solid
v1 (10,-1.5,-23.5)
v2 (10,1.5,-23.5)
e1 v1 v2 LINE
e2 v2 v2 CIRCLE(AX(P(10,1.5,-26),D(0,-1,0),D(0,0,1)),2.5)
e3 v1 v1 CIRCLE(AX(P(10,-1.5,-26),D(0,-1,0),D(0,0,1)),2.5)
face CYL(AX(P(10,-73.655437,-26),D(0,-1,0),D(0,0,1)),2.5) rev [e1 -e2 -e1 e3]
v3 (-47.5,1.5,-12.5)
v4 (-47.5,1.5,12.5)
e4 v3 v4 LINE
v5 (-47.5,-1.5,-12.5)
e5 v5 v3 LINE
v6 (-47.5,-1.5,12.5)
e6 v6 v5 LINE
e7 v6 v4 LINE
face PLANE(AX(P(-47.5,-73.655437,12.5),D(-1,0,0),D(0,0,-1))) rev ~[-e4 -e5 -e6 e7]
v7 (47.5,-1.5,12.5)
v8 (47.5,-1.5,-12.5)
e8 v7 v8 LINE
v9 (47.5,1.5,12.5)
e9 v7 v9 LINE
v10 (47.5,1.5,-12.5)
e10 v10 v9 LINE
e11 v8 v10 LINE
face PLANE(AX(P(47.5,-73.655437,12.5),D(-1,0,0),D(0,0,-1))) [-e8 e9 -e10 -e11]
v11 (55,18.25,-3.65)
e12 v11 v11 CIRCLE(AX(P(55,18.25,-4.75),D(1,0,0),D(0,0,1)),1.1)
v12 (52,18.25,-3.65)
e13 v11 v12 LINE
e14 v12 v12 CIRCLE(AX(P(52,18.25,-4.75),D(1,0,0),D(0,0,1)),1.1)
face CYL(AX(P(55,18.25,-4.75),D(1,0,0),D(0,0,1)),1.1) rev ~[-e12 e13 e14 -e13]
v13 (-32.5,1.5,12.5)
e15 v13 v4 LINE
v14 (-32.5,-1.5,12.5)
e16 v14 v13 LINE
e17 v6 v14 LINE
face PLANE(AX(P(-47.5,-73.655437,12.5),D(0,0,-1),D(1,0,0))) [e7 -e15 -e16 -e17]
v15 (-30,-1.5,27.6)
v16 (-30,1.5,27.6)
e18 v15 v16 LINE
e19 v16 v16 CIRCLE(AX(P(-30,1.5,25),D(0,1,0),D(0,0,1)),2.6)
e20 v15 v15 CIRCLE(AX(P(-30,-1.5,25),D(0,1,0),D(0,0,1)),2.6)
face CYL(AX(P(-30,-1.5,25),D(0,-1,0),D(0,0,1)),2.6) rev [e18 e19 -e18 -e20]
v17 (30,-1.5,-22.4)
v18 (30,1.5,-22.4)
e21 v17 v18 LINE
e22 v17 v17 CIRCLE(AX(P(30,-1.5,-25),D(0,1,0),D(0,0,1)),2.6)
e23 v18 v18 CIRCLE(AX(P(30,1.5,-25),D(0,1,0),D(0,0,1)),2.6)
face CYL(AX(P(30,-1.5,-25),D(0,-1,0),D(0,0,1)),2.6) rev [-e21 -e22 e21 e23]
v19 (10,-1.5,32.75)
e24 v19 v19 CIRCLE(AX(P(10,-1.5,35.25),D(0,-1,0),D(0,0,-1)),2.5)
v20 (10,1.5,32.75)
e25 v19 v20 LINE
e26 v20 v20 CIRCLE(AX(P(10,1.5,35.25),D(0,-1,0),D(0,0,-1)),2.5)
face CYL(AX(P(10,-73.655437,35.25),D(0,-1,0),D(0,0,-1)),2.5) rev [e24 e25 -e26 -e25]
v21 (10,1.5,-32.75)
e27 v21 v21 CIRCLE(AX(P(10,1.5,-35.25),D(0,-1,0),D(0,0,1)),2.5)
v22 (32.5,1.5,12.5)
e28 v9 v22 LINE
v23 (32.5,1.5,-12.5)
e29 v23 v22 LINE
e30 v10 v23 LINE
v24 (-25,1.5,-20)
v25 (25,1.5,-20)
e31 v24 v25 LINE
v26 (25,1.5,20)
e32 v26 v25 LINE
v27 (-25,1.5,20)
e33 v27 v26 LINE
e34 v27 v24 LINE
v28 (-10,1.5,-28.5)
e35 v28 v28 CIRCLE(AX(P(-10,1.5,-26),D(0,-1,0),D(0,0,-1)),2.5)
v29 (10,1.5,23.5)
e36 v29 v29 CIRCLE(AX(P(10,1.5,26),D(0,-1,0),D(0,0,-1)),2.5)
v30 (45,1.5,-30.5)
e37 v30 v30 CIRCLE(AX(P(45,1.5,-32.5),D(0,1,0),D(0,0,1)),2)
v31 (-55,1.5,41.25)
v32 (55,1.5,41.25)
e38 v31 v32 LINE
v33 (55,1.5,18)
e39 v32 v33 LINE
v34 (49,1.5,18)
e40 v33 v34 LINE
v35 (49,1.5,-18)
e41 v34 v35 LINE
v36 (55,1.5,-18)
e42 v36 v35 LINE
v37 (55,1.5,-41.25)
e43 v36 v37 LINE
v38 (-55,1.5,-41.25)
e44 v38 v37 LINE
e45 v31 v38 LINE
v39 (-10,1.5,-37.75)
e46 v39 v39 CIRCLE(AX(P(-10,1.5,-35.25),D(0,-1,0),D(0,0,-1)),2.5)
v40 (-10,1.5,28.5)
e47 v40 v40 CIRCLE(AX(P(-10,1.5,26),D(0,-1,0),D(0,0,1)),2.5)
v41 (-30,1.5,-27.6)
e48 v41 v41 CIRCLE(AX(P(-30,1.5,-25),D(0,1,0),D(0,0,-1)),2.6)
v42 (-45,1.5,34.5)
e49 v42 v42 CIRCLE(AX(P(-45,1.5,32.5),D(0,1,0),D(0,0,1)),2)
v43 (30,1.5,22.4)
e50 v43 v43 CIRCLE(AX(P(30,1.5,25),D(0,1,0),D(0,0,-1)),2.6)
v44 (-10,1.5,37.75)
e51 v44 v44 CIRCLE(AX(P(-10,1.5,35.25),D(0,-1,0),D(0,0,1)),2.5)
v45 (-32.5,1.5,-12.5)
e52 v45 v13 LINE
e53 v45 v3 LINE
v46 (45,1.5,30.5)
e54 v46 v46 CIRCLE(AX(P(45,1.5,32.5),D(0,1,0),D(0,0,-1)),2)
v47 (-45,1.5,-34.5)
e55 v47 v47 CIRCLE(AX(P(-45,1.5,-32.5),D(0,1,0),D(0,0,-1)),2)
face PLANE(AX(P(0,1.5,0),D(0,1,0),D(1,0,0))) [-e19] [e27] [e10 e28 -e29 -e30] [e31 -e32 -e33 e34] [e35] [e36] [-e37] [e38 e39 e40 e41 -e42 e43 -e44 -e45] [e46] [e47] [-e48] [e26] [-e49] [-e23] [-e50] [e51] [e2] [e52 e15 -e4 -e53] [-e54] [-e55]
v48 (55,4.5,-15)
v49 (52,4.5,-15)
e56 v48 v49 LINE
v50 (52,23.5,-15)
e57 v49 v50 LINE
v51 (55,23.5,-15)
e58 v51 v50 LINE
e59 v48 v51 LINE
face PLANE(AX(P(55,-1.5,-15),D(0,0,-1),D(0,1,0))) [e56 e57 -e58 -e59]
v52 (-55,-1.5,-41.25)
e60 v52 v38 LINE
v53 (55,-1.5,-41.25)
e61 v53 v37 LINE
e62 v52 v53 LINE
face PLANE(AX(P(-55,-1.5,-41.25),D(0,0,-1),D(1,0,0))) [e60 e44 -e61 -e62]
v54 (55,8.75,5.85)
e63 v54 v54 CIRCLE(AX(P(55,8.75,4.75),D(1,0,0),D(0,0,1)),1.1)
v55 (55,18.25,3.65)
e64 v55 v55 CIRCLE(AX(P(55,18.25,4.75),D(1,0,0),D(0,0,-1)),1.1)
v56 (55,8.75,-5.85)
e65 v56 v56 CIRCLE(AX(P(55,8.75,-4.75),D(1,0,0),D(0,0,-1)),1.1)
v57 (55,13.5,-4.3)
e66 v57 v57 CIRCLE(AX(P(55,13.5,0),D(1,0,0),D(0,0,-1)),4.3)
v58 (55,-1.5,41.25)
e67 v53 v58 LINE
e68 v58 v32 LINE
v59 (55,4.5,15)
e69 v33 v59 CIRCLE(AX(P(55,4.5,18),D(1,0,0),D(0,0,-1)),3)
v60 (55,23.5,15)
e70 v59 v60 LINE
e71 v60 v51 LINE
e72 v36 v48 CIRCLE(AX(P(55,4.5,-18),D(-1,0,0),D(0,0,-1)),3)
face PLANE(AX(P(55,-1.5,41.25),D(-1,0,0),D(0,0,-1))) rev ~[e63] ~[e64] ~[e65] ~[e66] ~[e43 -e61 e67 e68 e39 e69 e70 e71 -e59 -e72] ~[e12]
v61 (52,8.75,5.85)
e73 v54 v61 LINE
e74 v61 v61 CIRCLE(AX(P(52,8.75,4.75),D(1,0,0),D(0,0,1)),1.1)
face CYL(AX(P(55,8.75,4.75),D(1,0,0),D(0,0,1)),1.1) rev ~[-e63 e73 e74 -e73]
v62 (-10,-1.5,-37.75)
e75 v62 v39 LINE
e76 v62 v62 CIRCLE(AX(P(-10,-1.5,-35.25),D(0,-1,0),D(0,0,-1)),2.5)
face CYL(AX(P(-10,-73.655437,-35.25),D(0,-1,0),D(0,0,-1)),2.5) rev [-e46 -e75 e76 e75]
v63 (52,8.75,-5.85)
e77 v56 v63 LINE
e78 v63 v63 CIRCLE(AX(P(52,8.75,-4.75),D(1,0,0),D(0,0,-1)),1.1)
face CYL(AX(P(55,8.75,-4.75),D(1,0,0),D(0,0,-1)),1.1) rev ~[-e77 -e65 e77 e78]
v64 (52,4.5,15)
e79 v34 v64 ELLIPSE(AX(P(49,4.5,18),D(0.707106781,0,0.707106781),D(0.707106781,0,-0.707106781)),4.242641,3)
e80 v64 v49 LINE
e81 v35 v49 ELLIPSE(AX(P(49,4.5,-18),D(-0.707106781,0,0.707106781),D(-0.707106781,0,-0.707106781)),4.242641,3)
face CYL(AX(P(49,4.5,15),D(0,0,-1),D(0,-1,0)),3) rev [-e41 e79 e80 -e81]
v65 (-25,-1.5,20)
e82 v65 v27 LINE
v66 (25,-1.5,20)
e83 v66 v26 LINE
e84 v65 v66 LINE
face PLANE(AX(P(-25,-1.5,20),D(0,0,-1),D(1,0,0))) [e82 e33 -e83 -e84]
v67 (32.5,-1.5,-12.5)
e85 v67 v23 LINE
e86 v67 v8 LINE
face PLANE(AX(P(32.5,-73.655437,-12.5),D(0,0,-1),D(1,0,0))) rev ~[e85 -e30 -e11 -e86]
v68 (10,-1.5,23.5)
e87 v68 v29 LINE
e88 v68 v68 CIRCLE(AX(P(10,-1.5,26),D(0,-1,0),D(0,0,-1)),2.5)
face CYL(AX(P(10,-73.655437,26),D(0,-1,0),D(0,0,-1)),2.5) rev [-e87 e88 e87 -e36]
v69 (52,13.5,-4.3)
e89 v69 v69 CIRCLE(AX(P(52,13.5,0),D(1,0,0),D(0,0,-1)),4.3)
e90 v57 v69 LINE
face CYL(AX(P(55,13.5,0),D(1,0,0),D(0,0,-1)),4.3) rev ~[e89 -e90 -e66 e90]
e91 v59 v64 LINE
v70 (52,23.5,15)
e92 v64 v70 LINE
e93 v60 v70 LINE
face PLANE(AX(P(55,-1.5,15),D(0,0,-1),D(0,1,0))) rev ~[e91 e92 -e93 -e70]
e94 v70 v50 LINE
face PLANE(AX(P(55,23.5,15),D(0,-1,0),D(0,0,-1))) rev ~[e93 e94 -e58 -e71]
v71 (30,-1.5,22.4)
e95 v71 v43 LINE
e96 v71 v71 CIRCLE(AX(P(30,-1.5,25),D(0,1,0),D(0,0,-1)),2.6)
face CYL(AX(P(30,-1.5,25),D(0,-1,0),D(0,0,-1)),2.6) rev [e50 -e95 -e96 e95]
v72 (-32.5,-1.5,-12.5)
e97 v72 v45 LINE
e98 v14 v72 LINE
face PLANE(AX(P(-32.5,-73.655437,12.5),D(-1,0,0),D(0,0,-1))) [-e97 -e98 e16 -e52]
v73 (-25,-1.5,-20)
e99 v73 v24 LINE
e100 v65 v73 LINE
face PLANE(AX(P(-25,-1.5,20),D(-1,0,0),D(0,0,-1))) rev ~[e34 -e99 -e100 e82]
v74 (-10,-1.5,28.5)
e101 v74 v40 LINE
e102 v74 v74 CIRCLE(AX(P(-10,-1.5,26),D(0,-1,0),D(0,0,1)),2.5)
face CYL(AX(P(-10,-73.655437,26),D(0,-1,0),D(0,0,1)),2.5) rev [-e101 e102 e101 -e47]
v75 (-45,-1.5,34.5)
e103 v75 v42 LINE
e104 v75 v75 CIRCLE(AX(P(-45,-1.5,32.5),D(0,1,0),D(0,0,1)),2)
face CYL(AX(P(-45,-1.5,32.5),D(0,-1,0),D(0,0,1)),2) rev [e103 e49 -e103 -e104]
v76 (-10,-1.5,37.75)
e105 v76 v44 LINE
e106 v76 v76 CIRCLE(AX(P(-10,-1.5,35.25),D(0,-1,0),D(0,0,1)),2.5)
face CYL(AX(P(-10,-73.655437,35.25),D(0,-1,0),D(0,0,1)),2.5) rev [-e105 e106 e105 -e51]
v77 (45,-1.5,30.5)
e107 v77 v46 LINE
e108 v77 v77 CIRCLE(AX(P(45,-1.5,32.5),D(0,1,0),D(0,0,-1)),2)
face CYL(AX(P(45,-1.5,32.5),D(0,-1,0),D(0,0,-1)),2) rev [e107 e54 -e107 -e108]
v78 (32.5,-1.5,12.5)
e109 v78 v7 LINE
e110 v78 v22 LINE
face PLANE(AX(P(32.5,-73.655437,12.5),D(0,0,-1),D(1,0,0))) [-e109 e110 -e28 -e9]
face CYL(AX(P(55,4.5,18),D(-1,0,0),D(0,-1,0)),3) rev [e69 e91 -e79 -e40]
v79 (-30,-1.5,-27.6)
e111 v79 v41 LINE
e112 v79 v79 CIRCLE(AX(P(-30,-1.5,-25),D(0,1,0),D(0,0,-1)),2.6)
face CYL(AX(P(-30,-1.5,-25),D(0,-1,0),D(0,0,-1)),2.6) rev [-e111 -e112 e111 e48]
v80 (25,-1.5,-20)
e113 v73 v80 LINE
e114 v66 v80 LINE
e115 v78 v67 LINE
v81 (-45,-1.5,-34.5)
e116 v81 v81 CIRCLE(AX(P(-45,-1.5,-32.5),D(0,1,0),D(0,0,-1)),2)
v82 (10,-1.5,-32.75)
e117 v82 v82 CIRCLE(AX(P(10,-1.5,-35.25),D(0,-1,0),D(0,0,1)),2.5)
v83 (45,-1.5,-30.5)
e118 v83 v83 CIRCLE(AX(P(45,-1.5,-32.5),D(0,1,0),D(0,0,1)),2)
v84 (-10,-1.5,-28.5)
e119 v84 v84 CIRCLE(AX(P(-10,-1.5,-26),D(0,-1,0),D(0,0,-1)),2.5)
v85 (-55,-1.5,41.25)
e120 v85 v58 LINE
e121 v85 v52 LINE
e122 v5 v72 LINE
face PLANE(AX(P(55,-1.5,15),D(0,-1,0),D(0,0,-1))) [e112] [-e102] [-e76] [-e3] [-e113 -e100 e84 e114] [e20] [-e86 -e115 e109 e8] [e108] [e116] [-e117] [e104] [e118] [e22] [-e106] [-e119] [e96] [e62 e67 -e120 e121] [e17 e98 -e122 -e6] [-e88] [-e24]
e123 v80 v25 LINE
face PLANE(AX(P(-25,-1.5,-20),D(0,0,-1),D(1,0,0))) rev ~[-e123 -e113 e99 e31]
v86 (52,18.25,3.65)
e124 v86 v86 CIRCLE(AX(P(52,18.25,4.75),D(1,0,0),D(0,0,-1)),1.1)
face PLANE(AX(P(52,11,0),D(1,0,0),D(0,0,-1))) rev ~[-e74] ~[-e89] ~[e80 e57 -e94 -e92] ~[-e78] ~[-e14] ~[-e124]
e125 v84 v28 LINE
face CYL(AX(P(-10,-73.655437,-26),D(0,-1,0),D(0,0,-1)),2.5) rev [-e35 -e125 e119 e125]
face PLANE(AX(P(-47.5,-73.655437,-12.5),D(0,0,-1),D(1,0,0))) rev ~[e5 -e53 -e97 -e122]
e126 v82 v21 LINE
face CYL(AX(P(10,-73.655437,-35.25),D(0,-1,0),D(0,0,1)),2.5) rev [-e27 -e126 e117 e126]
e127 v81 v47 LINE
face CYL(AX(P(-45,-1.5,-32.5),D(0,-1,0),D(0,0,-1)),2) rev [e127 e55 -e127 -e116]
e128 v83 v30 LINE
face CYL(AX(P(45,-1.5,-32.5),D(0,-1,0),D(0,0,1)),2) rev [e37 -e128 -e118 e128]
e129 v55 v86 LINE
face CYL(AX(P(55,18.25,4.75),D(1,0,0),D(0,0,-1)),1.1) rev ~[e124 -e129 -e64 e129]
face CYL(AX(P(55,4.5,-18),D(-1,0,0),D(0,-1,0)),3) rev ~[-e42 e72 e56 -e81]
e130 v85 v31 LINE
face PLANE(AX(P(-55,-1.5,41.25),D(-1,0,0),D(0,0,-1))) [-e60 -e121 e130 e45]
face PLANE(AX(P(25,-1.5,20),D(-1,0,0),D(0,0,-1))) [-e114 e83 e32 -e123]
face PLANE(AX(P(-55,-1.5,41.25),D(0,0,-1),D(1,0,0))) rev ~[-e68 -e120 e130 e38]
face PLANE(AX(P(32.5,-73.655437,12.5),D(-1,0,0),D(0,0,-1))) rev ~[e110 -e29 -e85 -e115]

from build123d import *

# Parameters (mm, degrees)
BOSS_EXTRUDE1_DEPTH                           = 1.5
BOSS_EXTRUDE1_DEPTH_BACK                      = 1.5
SKETCH1_W                                     = 110
SKETCH1_H                                     = 82.5
SKETCH1_R                                     = 2
SKETCH1_R_2                                   = 2.6
SKETCH1_W_2                                   = 50
SKETCH1_H_2                                   = 40
SKETCH2_W                                     = 30
SKETCH2_H                                     = 25
SKETCH2_R                                     = 4.3
SKETCH2_R_2                                   = 1.1
BOSS_EXTRUDE2_DEPTH                           = 3
FILLET1_R                                     = 3
ZIP_TIE_HOLES_AND_WEIGHT_REDUCTION_DEPTH      = 73.655436823
ZIP_TIE_HOLES_AND_WEIGHT_REDUCTION_DEPTH_BACK = 73.655436823
SKETCH3_R                                     = 2.5
SKETCH3_W                                     = 15
SKETCH3_H                                     = 25


with BuildPart() as part:
    # Sketch1 → Boss-Extrude1 (new, two sides: drawn at the far end of the back side and taken through both)
    with BuildSketch(Plane(origin=(0, 0, 0), x_dir=(1, 0, 0), z_dir=(0, 1, 0)).offset(-BOSS_EXTRUDE1_DEPTH_BACK)):
        Rectangle(SKETCH1_W, SKETCH1_H)
        with Locations((45, 32.5)):
            Circle(SKETCH1_R, mode=Mode.SUBTRACT)
        with Locations((45, -32.5)):
            Circle(SKETCH1_R, mode=Mode.SUBTRACT)
        with Locations((-45, -32.5)):
            Circle(SKETCH1_R, mode=Mode.SUBTRACT)
        with Locations((-45, 32.5)):
            Circle(SKETCH1_R, mode=Mode.SUBTRACT)
        with Locations((-30, -25)):
            Circle(SKETCH1_R_2, mode=Mode.SUBTRACT)
        with Locations((30, -25)):
            Circle(SKETCH1_R_2, mode=Mode.SUBTRACT)
        with Locations((-30, 25)):
            Circle(SKETCH1_R_2, mode=Mode.SUBTRACT)
        with Locations((30, 25)):
            Circle(SKETCH1_R_2, mode=Mode.SUBTRACT)
        Rectangle(SKETCH1_W_2, SKETCH1_H_2, mode=Mode.SUBTRACT)
    extrude(amount=BOSS_EXTRUDE1_DEPTH + BOSS_EXTRUDE1_DEPTH_BACK)

    # Sketch2 → Boss-Extrude2 (add)
    with BuildSketch(Plane(origin=(55, 0, 0), x_dir=(0, 0, -1), z_dir=(1, 0, 0))):
        with Locations((0, 11)):
            Rectangle(SKETCH2_W, SKETCH2_H)
        with Locations((0, 13.5)):
            Circle(SKETCH2_R, mode=Mode.SUBTRACT)
        with Locations((-4.75, 18.25)):
            Circle(SKETCH2_R_2, mode=Mode.SUBTRACT)
        with Locations((4.75, 18.25)):
            Circle(SKETCH2_R_2, mode=Mode.SUBTRACT)
        with Locations((4.75, 8.75)):
            Circle(SKETCH2_R_2, mode=Mode.SUBTRACT)
        with Locations((-4.75, 8.75)):
            Circle(SKETCH2_R_2, mode=Mode.SUBTRACT)
    extrude(amount=-BOSS_EXTRUDE2_DEPTH)

    # Fillet1
    fillet1_edges = [part.edges().sort_by_distance(p)[0] for p in [
        (53.5, 1.5, 15),
        (53.5, 1.5, -15),
        (52, 1.5, 0),
    ]]
    fillet(fillet1_edges, radius=FILLET1_R)

    # Sketch3 → Zip tie holes and weight reduction (cut, two sides: drawn at the far end of the back side and taken through both)
    with BuildSketch(Plane(origin=(0, 0, 0), x_dir=(1, 0, 0), z_dir=(0, 1, 0)).offset(-ZIP_TIE_HOLES_AND_WEIGHT_REDUCTION_DEPTH_BACK)):
        with Locations((-10, -35.25)):
            Circle(SKETCH3_R)
        with Locations((-10, -26)):
            Circle(SKETCH3_R)
        with Locations((10, -26)):
            Circle(SKETCH3_R)
        with Locations((10, -35.25)):
            Circle(SKETCH3_R)
        with Locations((-10, 35.25)):
            Circle(SKETCH3_R)
        with Locations((-10, 26)):
            Circle(SKETCH3_R)
        with Locations((10, 26)):
            Circle(SKETCH3_R)
        with Locations((10, 35.25)):
            Circle(SKETCH3_R)
        with Locations((40, 0)):
            Rectangle(SKETCH3_W, SKETCH3_H)
        with Locations((-40, 0)):
            Rectangle(SKETCH3_W, SKETCH3_H)
    extrude(amount=ZIP_TIE_HOLES_AND_WEIGHT_REDUCTION_DEPTH + ZIP_TIE_HOLES_AND_WEIGHT_REDUCTION_DEPTH_BACK, mode=Mode.SUBTRACT)


solid = part.part
